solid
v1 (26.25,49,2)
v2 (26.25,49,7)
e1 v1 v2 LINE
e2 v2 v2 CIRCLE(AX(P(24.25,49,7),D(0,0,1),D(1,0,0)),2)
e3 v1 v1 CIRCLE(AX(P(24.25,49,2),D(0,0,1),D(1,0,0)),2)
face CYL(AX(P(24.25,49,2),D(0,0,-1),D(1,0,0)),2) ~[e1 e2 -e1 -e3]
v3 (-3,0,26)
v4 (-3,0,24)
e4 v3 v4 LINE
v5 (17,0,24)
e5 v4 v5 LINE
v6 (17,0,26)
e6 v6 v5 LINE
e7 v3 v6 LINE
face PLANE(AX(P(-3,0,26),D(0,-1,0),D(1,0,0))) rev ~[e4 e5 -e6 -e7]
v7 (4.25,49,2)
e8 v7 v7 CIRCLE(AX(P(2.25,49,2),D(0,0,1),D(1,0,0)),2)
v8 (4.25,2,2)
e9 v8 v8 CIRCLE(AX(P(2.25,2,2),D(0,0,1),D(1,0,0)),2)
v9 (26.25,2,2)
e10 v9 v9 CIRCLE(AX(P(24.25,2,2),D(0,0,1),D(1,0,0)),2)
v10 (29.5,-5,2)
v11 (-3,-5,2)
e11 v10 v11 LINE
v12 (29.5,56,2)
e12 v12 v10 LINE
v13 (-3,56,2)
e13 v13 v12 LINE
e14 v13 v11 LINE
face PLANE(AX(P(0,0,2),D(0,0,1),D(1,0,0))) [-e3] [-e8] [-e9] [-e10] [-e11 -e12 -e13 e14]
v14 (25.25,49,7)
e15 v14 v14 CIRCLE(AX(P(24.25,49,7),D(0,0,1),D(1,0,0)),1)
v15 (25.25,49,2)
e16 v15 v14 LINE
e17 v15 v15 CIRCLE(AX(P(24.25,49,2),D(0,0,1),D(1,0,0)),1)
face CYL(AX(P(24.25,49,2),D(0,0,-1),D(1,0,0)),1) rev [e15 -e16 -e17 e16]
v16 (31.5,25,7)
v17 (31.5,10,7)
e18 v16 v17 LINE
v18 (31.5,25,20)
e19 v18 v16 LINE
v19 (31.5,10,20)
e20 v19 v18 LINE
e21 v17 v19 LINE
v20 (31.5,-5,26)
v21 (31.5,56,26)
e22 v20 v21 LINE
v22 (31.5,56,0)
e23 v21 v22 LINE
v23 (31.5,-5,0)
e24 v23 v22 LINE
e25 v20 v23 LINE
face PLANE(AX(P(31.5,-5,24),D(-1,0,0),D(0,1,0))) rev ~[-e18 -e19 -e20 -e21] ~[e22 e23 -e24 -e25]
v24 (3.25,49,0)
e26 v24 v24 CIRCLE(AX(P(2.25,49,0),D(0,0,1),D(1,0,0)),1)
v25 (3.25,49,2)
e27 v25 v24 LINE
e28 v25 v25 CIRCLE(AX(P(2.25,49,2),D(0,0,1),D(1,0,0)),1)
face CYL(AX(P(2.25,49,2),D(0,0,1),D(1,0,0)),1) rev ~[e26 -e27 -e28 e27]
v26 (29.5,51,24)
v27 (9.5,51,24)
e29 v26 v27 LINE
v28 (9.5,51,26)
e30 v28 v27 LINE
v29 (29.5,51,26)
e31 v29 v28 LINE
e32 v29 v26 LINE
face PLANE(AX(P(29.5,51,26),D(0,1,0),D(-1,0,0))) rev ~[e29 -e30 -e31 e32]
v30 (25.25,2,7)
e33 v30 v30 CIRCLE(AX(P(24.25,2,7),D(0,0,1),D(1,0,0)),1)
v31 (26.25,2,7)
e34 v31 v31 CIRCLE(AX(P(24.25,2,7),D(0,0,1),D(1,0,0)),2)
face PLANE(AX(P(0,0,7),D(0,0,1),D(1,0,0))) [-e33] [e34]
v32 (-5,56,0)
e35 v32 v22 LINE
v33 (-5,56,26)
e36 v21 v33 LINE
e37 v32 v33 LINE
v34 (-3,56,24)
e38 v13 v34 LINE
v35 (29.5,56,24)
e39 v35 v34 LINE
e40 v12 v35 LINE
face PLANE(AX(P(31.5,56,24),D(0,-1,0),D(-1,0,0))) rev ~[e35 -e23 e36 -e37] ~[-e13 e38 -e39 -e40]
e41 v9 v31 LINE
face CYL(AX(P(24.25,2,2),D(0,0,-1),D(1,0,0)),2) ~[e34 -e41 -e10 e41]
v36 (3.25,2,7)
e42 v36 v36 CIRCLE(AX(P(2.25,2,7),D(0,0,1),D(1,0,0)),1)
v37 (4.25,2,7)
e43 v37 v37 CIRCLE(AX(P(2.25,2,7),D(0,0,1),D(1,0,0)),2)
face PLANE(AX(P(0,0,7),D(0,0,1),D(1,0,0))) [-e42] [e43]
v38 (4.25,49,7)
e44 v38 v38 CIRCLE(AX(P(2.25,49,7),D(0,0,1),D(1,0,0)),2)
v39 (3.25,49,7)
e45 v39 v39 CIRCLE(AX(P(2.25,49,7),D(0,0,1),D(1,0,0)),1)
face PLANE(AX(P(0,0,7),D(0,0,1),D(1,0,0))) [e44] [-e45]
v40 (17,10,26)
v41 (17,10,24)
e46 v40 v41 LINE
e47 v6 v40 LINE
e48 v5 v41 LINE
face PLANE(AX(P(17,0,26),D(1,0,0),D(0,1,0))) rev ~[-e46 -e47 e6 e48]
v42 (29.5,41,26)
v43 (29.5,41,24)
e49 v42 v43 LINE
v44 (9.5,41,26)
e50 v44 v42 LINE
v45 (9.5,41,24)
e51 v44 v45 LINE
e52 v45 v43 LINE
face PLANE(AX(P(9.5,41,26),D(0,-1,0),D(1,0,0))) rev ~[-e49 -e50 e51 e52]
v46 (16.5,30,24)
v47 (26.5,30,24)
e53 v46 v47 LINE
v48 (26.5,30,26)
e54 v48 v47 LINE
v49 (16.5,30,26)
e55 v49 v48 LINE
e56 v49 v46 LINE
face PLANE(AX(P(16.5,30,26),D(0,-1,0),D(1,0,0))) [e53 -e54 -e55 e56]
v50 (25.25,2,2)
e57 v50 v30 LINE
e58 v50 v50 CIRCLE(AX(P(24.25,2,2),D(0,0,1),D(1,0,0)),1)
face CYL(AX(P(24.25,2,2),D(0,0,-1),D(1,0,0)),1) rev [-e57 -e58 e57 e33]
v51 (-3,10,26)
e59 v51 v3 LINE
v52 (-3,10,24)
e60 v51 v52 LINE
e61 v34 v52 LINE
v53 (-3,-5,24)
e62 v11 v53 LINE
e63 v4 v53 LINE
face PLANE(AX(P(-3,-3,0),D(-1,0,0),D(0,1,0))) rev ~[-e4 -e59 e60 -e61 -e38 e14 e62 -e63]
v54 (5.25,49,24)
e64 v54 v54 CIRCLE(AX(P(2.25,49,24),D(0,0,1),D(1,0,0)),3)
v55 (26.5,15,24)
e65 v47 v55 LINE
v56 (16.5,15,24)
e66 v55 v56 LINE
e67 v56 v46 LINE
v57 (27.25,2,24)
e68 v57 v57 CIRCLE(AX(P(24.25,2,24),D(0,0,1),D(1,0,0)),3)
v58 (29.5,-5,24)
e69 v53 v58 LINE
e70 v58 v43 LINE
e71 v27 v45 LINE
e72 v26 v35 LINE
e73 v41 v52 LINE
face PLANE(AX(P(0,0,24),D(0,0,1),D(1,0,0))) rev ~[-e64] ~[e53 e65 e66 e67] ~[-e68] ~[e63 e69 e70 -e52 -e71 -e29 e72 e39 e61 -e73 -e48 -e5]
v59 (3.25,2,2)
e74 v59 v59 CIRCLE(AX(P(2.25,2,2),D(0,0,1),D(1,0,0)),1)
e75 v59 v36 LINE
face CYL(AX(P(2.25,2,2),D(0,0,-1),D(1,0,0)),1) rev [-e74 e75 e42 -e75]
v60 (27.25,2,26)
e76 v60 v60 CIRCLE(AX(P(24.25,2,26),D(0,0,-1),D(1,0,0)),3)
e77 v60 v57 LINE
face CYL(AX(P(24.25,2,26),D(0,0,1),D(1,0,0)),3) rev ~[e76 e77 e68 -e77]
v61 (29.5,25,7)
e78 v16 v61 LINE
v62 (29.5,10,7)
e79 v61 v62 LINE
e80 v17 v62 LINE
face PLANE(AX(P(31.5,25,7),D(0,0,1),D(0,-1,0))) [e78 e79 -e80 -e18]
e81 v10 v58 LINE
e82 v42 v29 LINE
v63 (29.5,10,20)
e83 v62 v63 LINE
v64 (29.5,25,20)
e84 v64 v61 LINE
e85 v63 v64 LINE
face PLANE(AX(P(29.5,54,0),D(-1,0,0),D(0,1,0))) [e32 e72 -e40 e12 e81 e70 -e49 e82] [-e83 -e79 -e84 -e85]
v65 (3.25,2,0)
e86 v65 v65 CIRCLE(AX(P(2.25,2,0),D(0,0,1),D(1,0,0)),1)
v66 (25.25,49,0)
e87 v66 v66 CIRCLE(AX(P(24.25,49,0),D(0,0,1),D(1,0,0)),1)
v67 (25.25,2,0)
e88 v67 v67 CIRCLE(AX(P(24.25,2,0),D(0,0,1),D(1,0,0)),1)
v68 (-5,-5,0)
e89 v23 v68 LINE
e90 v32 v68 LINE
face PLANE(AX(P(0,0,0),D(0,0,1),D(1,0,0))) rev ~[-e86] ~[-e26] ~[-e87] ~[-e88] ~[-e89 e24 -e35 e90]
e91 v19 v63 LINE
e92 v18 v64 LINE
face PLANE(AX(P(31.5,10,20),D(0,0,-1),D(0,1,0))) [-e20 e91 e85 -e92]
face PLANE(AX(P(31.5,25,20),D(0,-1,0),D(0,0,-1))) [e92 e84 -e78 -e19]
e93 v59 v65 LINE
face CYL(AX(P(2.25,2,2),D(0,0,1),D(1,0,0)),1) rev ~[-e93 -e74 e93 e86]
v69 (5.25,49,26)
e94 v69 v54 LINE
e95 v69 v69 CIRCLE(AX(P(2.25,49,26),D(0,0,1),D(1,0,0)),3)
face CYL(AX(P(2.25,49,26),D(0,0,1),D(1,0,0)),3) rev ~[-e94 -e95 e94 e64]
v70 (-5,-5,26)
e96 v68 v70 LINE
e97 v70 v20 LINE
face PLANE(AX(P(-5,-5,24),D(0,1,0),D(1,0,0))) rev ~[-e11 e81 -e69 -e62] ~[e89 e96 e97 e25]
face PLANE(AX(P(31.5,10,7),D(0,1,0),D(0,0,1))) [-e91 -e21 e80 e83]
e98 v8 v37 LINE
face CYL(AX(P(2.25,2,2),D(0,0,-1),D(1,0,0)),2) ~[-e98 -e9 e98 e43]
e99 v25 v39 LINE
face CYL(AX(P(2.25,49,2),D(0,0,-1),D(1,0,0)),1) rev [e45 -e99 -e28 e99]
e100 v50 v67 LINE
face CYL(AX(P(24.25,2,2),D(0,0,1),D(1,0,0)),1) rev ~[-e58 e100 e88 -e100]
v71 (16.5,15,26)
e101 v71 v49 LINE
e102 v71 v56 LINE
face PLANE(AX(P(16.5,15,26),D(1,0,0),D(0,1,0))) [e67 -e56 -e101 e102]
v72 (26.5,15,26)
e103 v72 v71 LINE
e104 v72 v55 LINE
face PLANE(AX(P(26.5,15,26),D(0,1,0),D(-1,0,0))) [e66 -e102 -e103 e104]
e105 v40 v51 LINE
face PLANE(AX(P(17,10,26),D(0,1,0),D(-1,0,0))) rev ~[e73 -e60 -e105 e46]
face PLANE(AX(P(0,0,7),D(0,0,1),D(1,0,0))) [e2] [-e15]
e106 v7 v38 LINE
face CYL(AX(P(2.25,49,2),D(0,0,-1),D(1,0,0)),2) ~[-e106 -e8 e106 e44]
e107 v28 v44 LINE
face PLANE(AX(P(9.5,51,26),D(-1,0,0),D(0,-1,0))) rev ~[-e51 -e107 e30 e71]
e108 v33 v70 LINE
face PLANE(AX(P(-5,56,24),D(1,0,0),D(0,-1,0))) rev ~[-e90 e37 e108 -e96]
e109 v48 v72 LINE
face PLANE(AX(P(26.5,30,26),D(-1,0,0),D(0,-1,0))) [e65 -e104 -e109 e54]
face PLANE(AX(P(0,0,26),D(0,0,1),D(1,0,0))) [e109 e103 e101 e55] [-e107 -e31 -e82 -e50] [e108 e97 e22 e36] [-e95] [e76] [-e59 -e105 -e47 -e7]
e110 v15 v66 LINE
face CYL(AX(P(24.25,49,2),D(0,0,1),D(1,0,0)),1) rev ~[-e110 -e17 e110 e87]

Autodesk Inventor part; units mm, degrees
ref_plane "YZ Plane" through (0, 0, 0) normal (1, 0, 0) x (0, 1, 0)
ref_plane "XZ Plane" through (0, 0, 0) normal (0, 1, 0) x (-1, 0, 0)
ref_plane "XY Plane" through (0, 0, 0) normal (0, 0, 1) x (1, 0, 0)
sketch "Sketch1" plane through (0, 0, 0) normal (0, 0, 1) x (1, 0, 0)
  line L0 (0, 0) -> (26.5, 0)
  line L1 (26.5, 0) -> (26.5, 51)
  line L2 (26.5, 51) -> (0, 51)
  line L3 (0, 51) -> (0, 0)
  line L4 (-3, 54) -> (29.5, 54)
  line L5 (29.5, 54) -> (29.5, -3)
  line L6 (29.5, -3) -> (-3, -3)
  line L7 (-3, -3) -> (-3, 54)
  line L8 (31.5, 56) -> (-5, 56)
  line L9 (-5, 56) -> (-5, -5)
  line L10 (-5, -5) -> (31.5, -5)
  line L11 (31.5, -5) -> (31.5, 56)
  line L12 (-3, 54) -> (-3, 56)
  line L13 (29.5, 54) -> (29.5, 56)
  line L14 (29.5, -3) -> (29.5, -5)
  line L15 (-3, -3) -> (-3, -5)
  dimension "d0" = 26.5
  dimension "d1" = 51
  dimension "d2" = 3
  dimension "d3" = 2
extrude "Extrusion1" add sketch "Sketch1" along normal blind 2 contours L3 L2 L1 L0 | L12 L8 L13 L4 | L4 L5 L6 L7 | L7 L15 L10 L9 L8 L12 | L13 L8 L11 L10 L14 L5 | L6 L14 L10 L15
extrude "Extrusion2" add sketch "Sketch1" along normal blind 24 contours L7 L15 L10 L9 L8 L12 | L13 L8 L11 L10 L14 L5
sketch "Sketch2" plane through (0, 0, 2) normal (0, 0, 1) x (1, 0, 0)
  line L0 (0, 0) -> (0, 51)
  line L1 (0, 25.5) -> (13.25, 25.5)
  line L2 (13.25, 25.5) -> (13.25, 49)
  line L3 (13.25, 49) -> (2.25, 49)
  circle A0 centre (2.25, 49) radius 1
  circle A1 centre (24.25, 49) radius 1
  circle A2 centre (2.25, 2) radius 1
  circle A3 centre (24.25, 2) radius 1
  circle A4 centre (2.25, 49) radius 2
  circle A5 centre (24.25, 49) radius 2
  circle A6 centre (2.25, 2) radius 2
  circle A7 centre (24.25, 2) radius 2
  dimension "d8" = 51
  dimension "d9" = 13.25
  dimension "d10" = 23.5
  dimension "d11" = 11
  dimension "d12" = 2
  dimension "d13" = 4
  dimension "d14" = 4
  dimension "d15" = 4
  dimension "d16" = 4
extrude "Extrusion3" add sketch "Sketch2" along normal blind 5
extrude "Extrusion4" cut sketch "Sketch2" against normal blind 5 contours A0 | A1 | A2 | A3
sketch "Sketch3" plane through (0, 0, 24) normal (0, 0, 1) x (1, 0, 0)
  line L0 (-5, 56) -> (-5, -5) projected
  line L1 (31.5, -5) -> (31.5, 56) projected
  line L2 (-5, -5) -> (31.5, -5)
  line L3 (31.5, -5) -> (31.5, 56)
  line L4 (31.5, 56) -> (-5, 56)
  line L5 (-5, 56) -> (-5, -5)
  point P0 (0, 0)
extrude "Extrusion5" add sketch "Sketch3" along normal blind 2
sketch "Sketch4" plane through (0, 0, 26) normal (0, 0, 1) x (1, 0, 0)
  line L0 (29.5, -5) -> (29.5, 56) projected
  line L1 (29.5, 56) -> (29.5, 51)
  line L2 (29.5, 51) -> (9.5, 51)
  line L3 (9.5, 51) -> (9.5, 41)
  line L4 (9.5, 41) -> (29.5, 41)
  line L5 (29.5, 41) -> (29.5, 51)
  line L6 (-3, 56) -> (-3, -5) projected
  line L7 (-3, -5) -> (-3, 0)
  line L8 (-3, 0) -> (17, 0)
  line L9 (17, 0) -> (17, 10)
  line L10 (17, 10) -> (-3, 10)
  line L11 (-3, 10) -> (-3, 0)
  point P0 (0, 0)
  dimension "d23" = 5
  dimension "d24" = 20
  dimension "d25" = 10
  dimension "d26" = 20
  dimension "d27" = 5
  dimension "d28" = 20
  dimension "d29" = 10
  dimension "d30" = 20
extrude "Extrusion6" cut sketch "Sketch4" against normal blind 2
sketch "Sketch5" plane through (0, 0, 26) normal (0, 0, 1) x (1, 0, 0)
  line L0 (-3, -5) -> (29.5, -5) projected
  line L1 (29.5, -5) -> (26.5, -5)
  line L2 (26.5, -5) -> (26.5, 15)
  line L3 (26.5, 15) -> (16.5, 15)
  line L4 (16.5, 15) -> (16.5, 30)
  line L5 (16.5, 30) -> (26.5, 30)
  line L6 (26.5, 30) -> (26.5, 15)
  circle A0 centre (24.25, 2) radius 2 projected
  circle A1 centre (24.25, 2) radius 3
  circle A2 centre (2.25, 49) radius 1 projected
  circle A3 centre (2.25, 49) radius 3
  point P0 (0, 0)
  dimension "d33" = 3
  dimension "d34" = 20
  dimension "d35" = 10
  dimension "d36" = 15
  dimension "d37" = 6
  dimension "d38" = 6
extrude "Extrusion7" cut sketch "Sketch5" against normal blind 2 contours A1 L2 | L3 L4 L5 L6 | L2 A1 | A0 | A2 | A3
sketch "Sketch6" plane through (31.5, -5, 0) normal (1, 0, 0) x (0, 0, -1)
  line L0 (-7, 5) -> (-7, 15)
  line L1 (-7, 15) -> (-20, 15)
  line L2 (-20, 15) -> (-20, 30)
  line L3 (-20, 30) -> (-7, 30)
  line L4 (-7, 30) -> (-7, 15)
  point P0 (0, 5)
  dimension "d41" = 10
  dimension "d42" = 13
  dimension "d43" = 15
extrude "Extrusion8" cut sketch "Sketch6" against normal blind 2
properties part number "case_dcdc_concerter"
